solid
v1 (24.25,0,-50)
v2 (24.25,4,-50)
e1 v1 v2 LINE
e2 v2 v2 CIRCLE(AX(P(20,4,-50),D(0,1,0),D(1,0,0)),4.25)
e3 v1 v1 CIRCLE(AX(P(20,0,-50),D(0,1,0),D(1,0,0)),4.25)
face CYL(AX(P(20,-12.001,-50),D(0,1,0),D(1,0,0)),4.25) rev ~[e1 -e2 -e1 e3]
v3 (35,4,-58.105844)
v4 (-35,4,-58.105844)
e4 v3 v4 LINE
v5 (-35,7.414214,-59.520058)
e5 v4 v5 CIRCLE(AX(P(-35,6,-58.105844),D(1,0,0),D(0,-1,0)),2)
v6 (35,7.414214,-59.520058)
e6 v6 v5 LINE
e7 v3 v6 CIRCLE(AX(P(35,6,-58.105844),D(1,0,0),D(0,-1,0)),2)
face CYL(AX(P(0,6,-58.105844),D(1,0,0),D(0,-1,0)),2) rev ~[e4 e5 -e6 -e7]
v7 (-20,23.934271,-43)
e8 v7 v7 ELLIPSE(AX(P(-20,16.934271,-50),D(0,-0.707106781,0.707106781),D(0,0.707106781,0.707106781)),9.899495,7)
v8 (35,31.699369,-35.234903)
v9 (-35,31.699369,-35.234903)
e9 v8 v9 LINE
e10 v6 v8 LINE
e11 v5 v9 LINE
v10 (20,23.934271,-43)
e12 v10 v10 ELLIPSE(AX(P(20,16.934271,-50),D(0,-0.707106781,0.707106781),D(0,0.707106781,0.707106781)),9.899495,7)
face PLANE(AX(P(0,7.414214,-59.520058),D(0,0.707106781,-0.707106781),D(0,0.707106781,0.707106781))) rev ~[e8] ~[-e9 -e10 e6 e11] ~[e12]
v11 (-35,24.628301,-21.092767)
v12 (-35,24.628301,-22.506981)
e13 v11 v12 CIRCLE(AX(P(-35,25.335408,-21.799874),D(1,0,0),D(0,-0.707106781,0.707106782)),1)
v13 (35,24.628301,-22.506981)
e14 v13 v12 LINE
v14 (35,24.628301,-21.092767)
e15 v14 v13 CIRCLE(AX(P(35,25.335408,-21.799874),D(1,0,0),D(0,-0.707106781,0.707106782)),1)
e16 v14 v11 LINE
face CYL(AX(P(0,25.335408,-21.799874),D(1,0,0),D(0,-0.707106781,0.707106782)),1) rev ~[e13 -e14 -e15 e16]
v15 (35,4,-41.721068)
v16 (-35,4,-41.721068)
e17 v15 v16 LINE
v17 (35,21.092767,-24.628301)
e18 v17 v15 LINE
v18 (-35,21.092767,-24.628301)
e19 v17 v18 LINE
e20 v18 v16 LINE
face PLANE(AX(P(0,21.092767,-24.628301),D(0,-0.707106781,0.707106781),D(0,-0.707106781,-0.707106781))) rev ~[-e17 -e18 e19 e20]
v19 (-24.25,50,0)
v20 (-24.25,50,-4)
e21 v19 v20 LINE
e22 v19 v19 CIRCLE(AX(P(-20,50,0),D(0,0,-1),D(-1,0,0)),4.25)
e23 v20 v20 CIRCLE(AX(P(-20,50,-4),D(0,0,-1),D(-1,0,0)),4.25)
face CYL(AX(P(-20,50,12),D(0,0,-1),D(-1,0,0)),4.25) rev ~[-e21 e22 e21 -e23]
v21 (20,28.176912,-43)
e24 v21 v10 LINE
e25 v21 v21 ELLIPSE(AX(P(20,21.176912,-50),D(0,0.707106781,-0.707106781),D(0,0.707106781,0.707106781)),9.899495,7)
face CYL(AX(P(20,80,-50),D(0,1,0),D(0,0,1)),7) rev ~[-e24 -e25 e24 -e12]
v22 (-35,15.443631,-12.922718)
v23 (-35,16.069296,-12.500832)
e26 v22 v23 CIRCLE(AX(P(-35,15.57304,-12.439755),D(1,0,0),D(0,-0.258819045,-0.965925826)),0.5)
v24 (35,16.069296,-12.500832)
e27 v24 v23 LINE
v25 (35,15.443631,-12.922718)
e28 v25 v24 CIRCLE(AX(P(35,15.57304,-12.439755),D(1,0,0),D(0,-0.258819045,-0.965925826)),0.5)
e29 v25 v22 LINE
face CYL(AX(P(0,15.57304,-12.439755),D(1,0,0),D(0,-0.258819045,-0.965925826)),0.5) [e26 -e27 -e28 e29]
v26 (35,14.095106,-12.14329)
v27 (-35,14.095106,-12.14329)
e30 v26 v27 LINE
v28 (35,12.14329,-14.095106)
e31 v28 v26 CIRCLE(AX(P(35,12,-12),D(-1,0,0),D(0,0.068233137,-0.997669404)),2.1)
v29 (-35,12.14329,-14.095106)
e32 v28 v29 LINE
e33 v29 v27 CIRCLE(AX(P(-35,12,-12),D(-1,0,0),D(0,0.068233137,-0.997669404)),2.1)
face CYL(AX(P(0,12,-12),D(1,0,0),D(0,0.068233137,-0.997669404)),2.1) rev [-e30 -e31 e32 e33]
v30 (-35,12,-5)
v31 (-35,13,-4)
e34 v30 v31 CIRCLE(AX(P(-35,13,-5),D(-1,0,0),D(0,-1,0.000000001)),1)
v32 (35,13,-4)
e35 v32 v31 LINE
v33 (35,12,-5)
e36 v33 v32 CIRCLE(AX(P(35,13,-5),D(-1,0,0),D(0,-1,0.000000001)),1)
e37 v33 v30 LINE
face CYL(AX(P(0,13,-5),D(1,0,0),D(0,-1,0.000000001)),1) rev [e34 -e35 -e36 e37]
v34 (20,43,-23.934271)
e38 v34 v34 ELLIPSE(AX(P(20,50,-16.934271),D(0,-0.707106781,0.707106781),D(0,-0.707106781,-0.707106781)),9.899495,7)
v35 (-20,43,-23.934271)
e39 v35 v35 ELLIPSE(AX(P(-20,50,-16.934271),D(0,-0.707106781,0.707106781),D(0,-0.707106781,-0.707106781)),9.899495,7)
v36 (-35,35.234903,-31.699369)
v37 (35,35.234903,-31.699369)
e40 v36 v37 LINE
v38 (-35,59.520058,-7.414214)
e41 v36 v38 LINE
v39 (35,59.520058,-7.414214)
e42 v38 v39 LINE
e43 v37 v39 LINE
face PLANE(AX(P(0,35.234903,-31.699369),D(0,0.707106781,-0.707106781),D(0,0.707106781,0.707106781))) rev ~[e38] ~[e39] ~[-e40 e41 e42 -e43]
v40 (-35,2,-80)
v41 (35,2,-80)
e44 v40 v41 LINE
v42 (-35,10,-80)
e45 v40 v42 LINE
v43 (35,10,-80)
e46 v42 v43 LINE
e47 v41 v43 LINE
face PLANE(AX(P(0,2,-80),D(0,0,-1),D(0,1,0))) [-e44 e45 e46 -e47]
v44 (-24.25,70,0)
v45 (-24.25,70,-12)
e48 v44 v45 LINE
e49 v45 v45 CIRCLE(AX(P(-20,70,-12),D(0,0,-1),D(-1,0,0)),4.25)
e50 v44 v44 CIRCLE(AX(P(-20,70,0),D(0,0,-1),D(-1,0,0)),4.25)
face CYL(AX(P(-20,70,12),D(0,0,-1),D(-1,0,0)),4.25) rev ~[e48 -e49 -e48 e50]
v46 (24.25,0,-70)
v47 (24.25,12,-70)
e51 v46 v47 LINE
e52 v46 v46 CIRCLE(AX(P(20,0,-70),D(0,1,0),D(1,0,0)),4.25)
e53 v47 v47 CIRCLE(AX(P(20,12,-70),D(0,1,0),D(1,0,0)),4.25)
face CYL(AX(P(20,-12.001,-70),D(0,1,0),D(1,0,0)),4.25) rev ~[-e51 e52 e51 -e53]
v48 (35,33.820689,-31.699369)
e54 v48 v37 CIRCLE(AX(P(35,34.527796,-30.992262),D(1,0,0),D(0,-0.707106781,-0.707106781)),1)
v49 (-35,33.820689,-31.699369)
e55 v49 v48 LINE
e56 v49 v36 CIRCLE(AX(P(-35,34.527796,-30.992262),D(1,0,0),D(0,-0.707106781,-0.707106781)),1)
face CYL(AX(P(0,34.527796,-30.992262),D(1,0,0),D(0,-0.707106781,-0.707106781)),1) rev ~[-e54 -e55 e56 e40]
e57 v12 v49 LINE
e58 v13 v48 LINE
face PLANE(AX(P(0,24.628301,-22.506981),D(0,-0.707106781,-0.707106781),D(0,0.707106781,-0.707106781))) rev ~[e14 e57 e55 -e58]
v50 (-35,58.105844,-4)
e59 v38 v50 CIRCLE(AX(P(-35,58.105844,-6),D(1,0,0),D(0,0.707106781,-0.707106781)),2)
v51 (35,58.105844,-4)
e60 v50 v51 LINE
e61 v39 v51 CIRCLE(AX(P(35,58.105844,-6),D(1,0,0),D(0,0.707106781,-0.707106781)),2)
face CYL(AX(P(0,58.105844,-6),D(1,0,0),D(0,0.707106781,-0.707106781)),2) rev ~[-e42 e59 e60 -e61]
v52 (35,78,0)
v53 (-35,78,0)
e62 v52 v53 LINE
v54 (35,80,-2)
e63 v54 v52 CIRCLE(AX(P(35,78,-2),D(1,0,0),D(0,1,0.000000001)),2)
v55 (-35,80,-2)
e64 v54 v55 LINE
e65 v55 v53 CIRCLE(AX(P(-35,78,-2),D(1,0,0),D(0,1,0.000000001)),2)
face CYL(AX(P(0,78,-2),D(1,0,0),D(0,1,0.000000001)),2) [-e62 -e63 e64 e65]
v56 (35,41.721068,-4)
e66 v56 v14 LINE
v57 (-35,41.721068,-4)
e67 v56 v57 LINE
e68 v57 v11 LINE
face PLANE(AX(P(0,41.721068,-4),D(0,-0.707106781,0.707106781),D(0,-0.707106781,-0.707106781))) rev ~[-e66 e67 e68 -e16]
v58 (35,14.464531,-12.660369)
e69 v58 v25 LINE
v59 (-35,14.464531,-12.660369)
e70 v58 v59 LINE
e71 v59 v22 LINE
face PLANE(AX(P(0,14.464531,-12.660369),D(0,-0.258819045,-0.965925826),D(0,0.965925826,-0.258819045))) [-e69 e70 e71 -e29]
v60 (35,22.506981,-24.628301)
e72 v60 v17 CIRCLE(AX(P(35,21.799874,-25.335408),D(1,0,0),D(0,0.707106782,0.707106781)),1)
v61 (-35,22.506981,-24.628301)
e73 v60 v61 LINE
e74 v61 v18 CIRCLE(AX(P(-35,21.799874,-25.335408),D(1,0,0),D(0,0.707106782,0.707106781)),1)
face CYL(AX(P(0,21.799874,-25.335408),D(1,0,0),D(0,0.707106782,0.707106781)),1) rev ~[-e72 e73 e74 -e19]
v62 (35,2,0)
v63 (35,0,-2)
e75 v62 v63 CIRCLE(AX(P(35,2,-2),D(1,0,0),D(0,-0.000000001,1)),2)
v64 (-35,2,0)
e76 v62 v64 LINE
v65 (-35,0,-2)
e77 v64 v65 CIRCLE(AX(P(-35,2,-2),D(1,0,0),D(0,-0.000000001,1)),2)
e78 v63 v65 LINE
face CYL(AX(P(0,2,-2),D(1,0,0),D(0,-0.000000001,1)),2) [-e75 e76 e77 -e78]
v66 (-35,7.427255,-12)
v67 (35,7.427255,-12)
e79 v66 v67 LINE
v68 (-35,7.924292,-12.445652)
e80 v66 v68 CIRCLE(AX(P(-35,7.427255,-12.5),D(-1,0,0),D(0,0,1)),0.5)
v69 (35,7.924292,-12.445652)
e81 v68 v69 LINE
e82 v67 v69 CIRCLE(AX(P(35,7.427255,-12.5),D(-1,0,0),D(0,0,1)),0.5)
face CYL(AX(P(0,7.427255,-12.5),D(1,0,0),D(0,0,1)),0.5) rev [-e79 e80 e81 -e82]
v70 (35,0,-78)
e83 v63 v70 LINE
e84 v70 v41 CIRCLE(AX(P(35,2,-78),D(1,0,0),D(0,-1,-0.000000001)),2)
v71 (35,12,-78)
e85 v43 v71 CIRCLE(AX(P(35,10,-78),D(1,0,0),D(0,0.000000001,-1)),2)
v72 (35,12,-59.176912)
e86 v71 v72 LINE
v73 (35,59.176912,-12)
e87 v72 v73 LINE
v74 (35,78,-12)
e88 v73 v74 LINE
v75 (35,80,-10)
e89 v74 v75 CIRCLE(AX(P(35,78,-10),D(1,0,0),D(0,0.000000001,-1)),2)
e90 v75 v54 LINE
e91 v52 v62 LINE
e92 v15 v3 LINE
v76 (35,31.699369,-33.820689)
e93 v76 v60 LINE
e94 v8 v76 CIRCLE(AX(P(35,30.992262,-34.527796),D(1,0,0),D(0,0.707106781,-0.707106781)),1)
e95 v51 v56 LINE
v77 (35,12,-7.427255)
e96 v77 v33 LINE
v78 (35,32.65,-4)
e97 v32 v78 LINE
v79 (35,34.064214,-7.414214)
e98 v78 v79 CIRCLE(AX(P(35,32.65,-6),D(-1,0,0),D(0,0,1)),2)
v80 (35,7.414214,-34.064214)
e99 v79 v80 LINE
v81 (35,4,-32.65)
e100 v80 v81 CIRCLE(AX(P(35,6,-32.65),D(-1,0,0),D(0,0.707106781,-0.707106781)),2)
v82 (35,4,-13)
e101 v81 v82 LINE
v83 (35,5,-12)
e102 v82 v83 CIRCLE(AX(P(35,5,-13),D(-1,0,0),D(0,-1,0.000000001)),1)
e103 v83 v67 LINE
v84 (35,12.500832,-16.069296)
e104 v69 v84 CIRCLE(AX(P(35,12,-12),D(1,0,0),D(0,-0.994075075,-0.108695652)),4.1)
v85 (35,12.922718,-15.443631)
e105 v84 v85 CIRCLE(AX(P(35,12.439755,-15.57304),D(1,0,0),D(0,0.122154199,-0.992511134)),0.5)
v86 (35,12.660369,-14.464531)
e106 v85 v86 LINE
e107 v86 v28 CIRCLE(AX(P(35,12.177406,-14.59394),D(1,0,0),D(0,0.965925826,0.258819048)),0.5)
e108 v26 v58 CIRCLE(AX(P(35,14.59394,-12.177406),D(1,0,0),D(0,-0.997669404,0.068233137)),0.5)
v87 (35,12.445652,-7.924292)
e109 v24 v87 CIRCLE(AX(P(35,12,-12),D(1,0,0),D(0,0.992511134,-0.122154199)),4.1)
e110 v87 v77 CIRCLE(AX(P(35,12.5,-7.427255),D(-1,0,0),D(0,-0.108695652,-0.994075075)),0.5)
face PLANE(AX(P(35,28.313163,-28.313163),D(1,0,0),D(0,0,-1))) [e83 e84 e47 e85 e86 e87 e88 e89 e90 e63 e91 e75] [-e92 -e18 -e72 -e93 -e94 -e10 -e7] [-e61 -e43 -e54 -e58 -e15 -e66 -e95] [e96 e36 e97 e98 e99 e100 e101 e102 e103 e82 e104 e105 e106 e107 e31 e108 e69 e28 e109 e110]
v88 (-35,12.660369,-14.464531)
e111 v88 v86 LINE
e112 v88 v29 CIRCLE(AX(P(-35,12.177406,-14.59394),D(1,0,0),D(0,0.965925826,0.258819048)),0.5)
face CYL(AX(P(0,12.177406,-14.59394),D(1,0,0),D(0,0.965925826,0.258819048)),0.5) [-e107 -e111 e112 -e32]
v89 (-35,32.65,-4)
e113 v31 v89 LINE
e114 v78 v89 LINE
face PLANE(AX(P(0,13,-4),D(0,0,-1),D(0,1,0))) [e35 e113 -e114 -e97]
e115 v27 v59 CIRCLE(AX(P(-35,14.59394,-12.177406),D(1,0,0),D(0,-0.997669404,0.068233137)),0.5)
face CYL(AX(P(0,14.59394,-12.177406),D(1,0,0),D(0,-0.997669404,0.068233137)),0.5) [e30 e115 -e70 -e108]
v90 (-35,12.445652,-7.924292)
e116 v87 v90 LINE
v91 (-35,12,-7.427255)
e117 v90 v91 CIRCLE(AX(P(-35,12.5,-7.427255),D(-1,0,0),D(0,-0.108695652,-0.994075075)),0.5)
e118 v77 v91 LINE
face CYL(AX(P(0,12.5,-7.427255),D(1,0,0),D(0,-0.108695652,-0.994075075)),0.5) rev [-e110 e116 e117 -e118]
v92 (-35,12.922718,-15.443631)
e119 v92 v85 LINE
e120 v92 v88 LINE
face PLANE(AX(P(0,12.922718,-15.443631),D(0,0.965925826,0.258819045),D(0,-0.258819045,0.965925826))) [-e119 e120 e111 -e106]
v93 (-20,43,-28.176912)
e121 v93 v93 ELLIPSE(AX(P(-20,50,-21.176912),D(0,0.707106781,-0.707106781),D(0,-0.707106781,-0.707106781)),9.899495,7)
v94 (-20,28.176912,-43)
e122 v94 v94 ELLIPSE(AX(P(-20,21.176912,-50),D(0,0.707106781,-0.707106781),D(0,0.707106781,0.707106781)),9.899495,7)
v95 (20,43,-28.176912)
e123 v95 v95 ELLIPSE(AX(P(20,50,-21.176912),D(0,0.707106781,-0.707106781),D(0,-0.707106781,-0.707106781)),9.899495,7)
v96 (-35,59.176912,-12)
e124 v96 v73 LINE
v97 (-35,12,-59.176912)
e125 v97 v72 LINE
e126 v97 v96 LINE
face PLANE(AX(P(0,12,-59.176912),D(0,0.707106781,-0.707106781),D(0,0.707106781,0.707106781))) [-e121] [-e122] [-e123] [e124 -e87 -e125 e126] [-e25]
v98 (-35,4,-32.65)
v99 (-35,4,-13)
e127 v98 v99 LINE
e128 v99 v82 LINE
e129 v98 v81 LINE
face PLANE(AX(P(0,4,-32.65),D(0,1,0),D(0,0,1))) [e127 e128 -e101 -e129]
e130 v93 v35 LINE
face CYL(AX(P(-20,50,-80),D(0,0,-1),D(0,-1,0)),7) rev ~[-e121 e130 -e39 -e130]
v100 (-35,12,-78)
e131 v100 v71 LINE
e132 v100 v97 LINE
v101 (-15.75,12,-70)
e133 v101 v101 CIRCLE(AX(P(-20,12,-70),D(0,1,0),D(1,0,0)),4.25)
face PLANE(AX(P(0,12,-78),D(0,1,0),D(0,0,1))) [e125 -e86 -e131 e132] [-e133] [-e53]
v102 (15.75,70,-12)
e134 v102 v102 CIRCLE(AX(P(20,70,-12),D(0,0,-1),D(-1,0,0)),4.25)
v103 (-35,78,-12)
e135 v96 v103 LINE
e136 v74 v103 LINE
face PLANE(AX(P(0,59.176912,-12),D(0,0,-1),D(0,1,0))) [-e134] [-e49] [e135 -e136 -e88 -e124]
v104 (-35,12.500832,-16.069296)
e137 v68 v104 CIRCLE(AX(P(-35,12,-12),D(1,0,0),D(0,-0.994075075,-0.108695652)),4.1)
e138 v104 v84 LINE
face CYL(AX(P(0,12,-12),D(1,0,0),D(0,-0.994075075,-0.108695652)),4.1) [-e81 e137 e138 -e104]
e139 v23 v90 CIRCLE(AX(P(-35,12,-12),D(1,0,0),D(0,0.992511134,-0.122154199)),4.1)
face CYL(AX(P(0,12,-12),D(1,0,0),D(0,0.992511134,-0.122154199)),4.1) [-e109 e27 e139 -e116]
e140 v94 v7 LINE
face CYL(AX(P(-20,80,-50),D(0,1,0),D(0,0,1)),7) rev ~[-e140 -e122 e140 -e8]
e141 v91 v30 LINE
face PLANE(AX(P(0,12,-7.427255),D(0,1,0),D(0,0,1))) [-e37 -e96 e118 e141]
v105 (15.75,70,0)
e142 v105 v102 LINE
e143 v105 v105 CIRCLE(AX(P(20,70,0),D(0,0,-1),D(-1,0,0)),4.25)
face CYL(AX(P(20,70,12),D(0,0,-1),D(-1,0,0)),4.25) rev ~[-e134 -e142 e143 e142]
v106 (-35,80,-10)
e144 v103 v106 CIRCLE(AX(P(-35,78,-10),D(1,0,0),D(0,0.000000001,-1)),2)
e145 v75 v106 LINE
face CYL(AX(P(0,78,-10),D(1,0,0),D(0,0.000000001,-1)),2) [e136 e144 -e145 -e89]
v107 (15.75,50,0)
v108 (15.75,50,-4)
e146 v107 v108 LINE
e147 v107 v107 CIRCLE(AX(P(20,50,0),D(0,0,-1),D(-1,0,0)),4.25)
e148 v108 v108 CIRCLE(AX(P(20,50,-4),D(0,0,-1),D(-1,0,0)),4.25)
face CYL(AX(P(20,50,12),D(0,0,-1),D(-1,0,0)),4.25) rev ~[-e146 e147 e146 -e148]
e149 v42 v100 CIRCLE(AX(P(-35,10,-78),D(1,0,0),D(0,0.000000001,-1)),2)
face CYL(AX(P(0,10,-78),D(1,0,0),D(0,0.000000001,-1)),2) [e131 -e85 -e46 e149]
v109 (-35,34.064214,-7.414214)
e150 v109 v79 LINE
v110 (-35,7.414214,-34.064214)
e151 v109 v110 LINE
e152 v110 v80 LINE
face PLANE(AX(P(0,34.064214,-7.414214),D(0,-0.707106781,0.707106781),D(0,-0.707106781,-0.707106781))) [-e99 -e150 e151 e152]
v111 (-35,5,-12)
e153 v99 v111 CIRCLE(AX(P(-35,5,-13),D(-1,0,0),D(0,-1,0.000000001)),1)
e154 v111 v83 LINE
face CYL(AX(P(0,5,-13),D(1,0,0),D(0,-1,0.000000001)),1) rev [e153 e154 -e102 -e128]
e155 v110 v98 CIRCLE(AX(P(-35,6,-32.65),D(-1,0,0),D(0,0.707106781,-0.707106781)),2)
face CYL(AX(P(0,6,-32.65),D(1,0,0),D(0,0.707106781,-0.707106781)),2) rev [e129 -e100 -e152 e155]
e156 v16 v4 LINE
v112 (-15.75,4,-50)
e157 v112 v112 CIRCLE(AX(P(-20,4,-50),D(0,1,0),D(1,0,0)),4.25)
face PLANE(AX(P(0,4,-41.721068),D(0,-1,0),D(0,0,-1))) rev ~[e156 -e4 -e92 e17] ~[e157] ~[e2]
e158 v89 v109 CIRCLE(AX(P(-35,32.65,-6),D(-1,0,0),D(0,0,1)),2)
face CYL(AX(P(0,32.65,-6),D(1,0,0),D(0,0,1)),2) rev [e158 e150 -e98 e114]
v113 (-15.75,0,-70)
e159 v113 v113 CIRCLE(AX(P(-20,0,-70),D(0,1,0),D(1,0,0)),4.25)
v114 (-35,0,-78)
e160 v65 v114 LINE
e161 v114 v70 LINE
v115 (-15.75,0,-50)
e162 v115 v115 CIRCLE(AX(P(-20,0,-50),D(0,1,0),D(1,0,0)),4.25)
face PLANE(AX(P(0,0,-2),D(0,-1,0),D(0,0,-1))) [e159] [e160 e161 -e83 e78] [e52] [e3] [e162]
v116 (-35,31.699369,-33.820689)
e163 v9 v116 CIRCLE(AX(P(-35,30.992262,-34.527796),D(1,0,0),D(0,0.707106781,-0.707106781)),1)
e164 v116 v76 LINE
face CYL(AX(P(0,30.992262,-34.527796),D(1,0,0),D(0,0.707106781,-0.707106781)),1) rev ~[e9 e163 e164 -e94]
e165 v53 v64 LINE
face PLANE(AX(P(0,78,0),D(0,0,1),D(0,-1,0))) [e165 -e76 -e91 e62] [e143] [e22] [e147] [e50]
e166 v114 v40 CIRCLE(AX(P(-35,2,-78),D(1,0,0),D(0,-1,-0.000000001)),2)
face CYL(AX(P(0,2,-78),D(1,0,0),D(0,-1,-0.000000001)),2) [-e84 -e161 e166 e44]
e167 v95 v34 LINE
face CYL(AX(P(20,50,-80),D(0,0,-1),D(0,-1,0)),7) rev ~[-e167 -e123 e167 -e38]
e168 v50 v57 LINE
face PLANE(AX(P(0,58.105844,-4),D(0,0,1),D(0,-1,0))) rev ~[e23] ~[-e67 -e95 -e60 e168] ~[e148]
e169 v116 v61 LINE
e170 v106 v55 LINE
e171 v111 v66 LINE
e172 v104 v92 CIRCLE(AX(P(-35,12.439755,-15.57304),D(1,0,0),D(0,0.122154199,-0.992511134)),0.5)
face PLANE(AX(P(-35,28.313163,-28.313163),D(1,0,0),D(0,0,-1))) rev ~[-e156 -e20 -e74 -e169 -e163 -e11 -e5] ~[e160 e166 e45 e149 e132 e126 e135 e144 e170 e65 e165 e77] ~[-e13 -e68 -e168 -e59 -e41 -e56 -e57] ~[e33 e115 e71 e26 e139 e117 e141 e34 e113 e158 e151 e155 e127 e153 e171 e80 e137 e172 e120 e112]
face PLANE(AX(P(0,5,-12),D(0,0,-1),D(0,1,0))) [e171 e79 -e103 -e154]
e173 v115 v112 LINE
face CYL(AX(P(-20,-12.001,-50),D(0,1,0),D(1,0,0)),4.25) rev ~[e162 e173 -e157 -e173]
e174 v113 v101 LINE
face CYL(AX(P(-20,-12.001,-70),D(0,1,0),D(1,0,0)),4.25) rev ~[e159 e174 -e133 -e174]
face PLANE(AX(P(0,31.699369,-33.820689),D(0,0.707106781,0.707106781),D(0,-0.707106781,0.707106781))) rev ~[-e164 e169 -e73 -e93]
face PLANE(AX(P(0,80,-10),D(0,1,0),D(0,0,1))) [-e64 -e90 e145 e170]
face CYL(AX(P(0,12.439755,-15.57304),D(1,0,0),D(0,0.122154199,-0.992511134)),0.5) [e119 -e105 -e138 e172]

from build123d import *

# Parameters (mm, degrees)
BOSS_EXTRUDE1_DEPTH = 35
DIAMETERHOLE1_D     = 8.5
DIAMETERHOLE1_DEPTH = 12
DIAMETERHOLE2_D     = 8.5
DIAMETERHOLE2_DEPTH = 12.001
DIAMETERHOLE3_REACH = 120.427
SKETCH6_R           = 7
DIAMETERHOLE4_REACH = 120.427
SKETCH7_R           = 7
LPATTERN1_COUNT     = 2
LPATTERN1_PITCH     = 40


with BuildPart() as part:
    # Sketch1 → Boss-Extrude1 (new, symmetric)
    with BuildSketch(Plane(origin=(0, 0, 0), x_dir=(0, 0, -1), z_dir=(1, 0, 0))):
        with BuildLine():
            Line((2, 0), (78, 0))
            ThreePointArc((78, 0), (79.414213562, 0.585786438), (80, 2))
            Line((80, 2), (80, 10))
            ThreePointArc((80, 10), (79.414213562, 11.414213562), (78, 12))
            Line((78, 12), (59.176911935, 12))
            Line((59.176911935, 12), (12, 59.176911935))
            Line((12, 59.176911935), (12, 78))
            ThreePointArc((12, 78), (11.414213562, 79.414213562), (10, 80))
            Line((10, 80), (2, 80))
            ThreePointArc((2, 80), (0.585786438, 79.414213562), (0, 78))
            Line((0, 78), (0, 2))
            ThreePointArc((0, 2), (0.585786438, 0.585786438), (2, 0))
        make_face()
        with BuildLine():
            Line((7.414213562, 34.064213562), (34.064213562, 7.414213562))
            ThreePointArc((34.064213562, 7.414213562), (34.497759065, 5.234633135), (32.65, 4))
            Line((32.65, 4), (13, 4))
            ThreePointArc((13, 4), (12.292893219, 4.292893219), (12, 5))
            Line((12, 5), (12, 7.427254654))
            ThreePointArc((12, 7.427254654), (12.127727309, 7.761040579), (12.445652174, 7.924292192))
            ThreePointArc((12.445652174, 7.924292192), (15.214400117, 9.454880771), (16.069295651, 12.500832214))
            ThreePointArc((16.069295651, 12.500832214), (15.852577049, 12.854314019), (15.443630561, 12.922718028))
            Line((15.443630561, 12.922718028), (14.464530927, 12.660369072))
            ThreePointArc((14.464530927, 12.660369072), (14.187104489, 12.468068335), (14.095105748, 12.143289589))
            ThreePointArc((14.095105748, 12.143289589), (10.51507576, 10.51507576), (12.143289589, 14.095105748))
            ThreePointArc((12.143289589, 14.095105748), (12.468068335, 14.187104489), (12.660369072, 14.464530927))
            Line((12.660369072, 14.464530927), (12.922718028, 15.443630561))
            ThreePointArc((12.922718028, 15.443630561), (12.854314019, 15.852577049), (12.500832214, 16.069295651))
            ThreePointArc((12.500832214, 16.069295651), (9.454880771, 15.214400117), (7.924292192, 12.445652174))
            ThreePointArc((7.924292192, 12.445652174), (7.761040579, 12.127727309), (7.427254654, 12))
            Line((7.427254654, 12), (5, 12))
            ThreePointArc((5, 12), (4.292893219, 12.292893219), (4, 13))
            Line((4, 13), (4, 32.65))
            ThreePointArc((4, 32.65), (5.234633135, 34.497759065), (7.414213562, 34.064213562))
        make_face(mode=Mode.SUBTRACT)
        with BuildLine():
            Line((4, 58.105844123), (4, 41.721067812))
            Line((4, 41.721067812), (21.092766953, 24.628300859))
            ThreePointArc((21.092766953, 24.628300859), (21.799873734, 24.33540764), (22.506980515, 24.628300859))
            Line((22.506980515, 24.628300859), (31.699368671, 33.820689014))
            ThreePointArc((31.699368671, 33.820689014), (31.99226189, 34.527795796), (31.699368671, 35.234902577))
            Line((31.699368671, 35.234902577), (7.414213562, 59.520057685))
            ThreePointArc((7.414213562, 59.520057685), (5.234633135, 59.953603188), (4, 58.105844123))
        make_face(mode=Mode.SUBTRACT)
        with BuildLine():
            Line((33.820689014, 31.699368671), (24.628300859, 22.506980515))
            ThreePointArc((24.628300859, 22.506980515), (24.33540764, 21.799873734), (24.628300859, 21.092766953))
            Line((24.628300859, 21.092766953), (41.721067812, 4))
            Line((41.721067812, 4), (58.105844123, 4))
            ThreePointArc((58.105844123, 4), (59.953603188, 5.234633135), (59.520057685, 7.414213562))
            Line((59.520057685, 7.414213562), (35.234902577, 31.699368671))
            ThreePointArc((35.234902577, 31.699368671), (34.527795796, 31.99226189), (33.820689014, 31.699368671))
        make_face(mode=Mode.SUBTRACT)
    extrude(amount=BOSS_EXTRUDE1_DEPTH, both=True)

    # DiameterHole1
    with Locations(Plane.XY):
        with Locations((-20, 70), (-20, 50)):
            diameterhole1 = Hole(DIAMETERHOLE1_D / 2, depth=DIAMETERHOLE1_DEPTH)

    # DiameterHole2
    with Locations(Plane(origin=(0, 0, 0), x_dir=(-1, 0, 0), z_dir=(0, -1, 0))):
        with Locations((20, 70), (20, 50)):
            diameterhole2 = Hole(DIAMETERHOLE2_D / 2, depth=DIAMETERHOLE2_DEPTH)

    # DiameterHole3: up to this plane
    diameterhole3_end = Plane(origin=(35, 7.414213562, -59.520057685), z_dir=(0, -0.7071067811865515, 0.7071067811865437))
    # Sketch6 → DiameterHole3 (cut, up to the surface)
    with BuildSketch(Plane(origin=(0, 80, 0), x_dir=(1, 0, 0), z_dir=(0, 1, 0)), mode=Mode.PRIVATE) as diameterhole3_sk1:
        with Locations(Location((-20, 50, 0), (0, 0, 270))):
            Circle(SKETCH6_R)
    diameterhole3_tool1 = split(extrude(diameterhole3_sk1.sketch, amount=-DIAMETERHOLE3_REACH, mode=Mode.PRIVATE), bisect_by=diameterhole3_end, keep=Keep.BOTH, mode=Mode.PRIVATE)
    diameterhole3 = diameterhole3_tool1.solids().sort_by_distance((-20, 80, -50))[0]
    add(diameterhole3, mode=Mode.SUBTRACT)

    # DiameterHole4: up to this plane
    diameterhole4_end = Plane(origin=(35, 35.234902577, -31.699368671), z_dir=(0, -0.7071067811865511, 0.707106781186544))
    # Sketch7 → DiameterHole4 (cut, up to the surface)
    with BuildSketch(Plane(origin=(0, 0, -80), x_dir=(-1, 0, 0), z_dir=(0, 0, -1)), mode=Mode.PRIVATE) as diameterhole4_sk1:
        with Locations(Location((20, 50, 0), (0, 0, 270))):
            Circle(SKETCH7_R)
    diameterhole4_tool1 = split(extrude(diameterhole4_sk1.sketch, amount=-DIAMETERHOLE4_REACH, mode=Mode.PRIVATE), bisect_by=diameterhole4_end, keep=Keep.BOTH, mode=Mode.PRIVATE)
    diameterhole4 = diameterhole4_tool1.solids().sort_by_distance((-20, 50, -80))[0]
    add(diameterhole4, mode=Mode.SUBTRACT)

    # LPattern1: DiameterHole1, DiameterHole2, DiameterHole3, DiameterHole4 ×2
    with Locations(*[(i * LPATTERN1_PITCH, 0, 0) for i in range(1, LPATTERN1_COUNT)]):
        add(diameterhole1, mode=Mode.SUBTRACT)
        add(diameterhole2, mode=Mode.SUBTRACT)
        add(diameterhole3, mode=Mode.SUBTRACT)
        add(diameterhole4, mode=Mode.SUBTRACT)


solid = part.part
